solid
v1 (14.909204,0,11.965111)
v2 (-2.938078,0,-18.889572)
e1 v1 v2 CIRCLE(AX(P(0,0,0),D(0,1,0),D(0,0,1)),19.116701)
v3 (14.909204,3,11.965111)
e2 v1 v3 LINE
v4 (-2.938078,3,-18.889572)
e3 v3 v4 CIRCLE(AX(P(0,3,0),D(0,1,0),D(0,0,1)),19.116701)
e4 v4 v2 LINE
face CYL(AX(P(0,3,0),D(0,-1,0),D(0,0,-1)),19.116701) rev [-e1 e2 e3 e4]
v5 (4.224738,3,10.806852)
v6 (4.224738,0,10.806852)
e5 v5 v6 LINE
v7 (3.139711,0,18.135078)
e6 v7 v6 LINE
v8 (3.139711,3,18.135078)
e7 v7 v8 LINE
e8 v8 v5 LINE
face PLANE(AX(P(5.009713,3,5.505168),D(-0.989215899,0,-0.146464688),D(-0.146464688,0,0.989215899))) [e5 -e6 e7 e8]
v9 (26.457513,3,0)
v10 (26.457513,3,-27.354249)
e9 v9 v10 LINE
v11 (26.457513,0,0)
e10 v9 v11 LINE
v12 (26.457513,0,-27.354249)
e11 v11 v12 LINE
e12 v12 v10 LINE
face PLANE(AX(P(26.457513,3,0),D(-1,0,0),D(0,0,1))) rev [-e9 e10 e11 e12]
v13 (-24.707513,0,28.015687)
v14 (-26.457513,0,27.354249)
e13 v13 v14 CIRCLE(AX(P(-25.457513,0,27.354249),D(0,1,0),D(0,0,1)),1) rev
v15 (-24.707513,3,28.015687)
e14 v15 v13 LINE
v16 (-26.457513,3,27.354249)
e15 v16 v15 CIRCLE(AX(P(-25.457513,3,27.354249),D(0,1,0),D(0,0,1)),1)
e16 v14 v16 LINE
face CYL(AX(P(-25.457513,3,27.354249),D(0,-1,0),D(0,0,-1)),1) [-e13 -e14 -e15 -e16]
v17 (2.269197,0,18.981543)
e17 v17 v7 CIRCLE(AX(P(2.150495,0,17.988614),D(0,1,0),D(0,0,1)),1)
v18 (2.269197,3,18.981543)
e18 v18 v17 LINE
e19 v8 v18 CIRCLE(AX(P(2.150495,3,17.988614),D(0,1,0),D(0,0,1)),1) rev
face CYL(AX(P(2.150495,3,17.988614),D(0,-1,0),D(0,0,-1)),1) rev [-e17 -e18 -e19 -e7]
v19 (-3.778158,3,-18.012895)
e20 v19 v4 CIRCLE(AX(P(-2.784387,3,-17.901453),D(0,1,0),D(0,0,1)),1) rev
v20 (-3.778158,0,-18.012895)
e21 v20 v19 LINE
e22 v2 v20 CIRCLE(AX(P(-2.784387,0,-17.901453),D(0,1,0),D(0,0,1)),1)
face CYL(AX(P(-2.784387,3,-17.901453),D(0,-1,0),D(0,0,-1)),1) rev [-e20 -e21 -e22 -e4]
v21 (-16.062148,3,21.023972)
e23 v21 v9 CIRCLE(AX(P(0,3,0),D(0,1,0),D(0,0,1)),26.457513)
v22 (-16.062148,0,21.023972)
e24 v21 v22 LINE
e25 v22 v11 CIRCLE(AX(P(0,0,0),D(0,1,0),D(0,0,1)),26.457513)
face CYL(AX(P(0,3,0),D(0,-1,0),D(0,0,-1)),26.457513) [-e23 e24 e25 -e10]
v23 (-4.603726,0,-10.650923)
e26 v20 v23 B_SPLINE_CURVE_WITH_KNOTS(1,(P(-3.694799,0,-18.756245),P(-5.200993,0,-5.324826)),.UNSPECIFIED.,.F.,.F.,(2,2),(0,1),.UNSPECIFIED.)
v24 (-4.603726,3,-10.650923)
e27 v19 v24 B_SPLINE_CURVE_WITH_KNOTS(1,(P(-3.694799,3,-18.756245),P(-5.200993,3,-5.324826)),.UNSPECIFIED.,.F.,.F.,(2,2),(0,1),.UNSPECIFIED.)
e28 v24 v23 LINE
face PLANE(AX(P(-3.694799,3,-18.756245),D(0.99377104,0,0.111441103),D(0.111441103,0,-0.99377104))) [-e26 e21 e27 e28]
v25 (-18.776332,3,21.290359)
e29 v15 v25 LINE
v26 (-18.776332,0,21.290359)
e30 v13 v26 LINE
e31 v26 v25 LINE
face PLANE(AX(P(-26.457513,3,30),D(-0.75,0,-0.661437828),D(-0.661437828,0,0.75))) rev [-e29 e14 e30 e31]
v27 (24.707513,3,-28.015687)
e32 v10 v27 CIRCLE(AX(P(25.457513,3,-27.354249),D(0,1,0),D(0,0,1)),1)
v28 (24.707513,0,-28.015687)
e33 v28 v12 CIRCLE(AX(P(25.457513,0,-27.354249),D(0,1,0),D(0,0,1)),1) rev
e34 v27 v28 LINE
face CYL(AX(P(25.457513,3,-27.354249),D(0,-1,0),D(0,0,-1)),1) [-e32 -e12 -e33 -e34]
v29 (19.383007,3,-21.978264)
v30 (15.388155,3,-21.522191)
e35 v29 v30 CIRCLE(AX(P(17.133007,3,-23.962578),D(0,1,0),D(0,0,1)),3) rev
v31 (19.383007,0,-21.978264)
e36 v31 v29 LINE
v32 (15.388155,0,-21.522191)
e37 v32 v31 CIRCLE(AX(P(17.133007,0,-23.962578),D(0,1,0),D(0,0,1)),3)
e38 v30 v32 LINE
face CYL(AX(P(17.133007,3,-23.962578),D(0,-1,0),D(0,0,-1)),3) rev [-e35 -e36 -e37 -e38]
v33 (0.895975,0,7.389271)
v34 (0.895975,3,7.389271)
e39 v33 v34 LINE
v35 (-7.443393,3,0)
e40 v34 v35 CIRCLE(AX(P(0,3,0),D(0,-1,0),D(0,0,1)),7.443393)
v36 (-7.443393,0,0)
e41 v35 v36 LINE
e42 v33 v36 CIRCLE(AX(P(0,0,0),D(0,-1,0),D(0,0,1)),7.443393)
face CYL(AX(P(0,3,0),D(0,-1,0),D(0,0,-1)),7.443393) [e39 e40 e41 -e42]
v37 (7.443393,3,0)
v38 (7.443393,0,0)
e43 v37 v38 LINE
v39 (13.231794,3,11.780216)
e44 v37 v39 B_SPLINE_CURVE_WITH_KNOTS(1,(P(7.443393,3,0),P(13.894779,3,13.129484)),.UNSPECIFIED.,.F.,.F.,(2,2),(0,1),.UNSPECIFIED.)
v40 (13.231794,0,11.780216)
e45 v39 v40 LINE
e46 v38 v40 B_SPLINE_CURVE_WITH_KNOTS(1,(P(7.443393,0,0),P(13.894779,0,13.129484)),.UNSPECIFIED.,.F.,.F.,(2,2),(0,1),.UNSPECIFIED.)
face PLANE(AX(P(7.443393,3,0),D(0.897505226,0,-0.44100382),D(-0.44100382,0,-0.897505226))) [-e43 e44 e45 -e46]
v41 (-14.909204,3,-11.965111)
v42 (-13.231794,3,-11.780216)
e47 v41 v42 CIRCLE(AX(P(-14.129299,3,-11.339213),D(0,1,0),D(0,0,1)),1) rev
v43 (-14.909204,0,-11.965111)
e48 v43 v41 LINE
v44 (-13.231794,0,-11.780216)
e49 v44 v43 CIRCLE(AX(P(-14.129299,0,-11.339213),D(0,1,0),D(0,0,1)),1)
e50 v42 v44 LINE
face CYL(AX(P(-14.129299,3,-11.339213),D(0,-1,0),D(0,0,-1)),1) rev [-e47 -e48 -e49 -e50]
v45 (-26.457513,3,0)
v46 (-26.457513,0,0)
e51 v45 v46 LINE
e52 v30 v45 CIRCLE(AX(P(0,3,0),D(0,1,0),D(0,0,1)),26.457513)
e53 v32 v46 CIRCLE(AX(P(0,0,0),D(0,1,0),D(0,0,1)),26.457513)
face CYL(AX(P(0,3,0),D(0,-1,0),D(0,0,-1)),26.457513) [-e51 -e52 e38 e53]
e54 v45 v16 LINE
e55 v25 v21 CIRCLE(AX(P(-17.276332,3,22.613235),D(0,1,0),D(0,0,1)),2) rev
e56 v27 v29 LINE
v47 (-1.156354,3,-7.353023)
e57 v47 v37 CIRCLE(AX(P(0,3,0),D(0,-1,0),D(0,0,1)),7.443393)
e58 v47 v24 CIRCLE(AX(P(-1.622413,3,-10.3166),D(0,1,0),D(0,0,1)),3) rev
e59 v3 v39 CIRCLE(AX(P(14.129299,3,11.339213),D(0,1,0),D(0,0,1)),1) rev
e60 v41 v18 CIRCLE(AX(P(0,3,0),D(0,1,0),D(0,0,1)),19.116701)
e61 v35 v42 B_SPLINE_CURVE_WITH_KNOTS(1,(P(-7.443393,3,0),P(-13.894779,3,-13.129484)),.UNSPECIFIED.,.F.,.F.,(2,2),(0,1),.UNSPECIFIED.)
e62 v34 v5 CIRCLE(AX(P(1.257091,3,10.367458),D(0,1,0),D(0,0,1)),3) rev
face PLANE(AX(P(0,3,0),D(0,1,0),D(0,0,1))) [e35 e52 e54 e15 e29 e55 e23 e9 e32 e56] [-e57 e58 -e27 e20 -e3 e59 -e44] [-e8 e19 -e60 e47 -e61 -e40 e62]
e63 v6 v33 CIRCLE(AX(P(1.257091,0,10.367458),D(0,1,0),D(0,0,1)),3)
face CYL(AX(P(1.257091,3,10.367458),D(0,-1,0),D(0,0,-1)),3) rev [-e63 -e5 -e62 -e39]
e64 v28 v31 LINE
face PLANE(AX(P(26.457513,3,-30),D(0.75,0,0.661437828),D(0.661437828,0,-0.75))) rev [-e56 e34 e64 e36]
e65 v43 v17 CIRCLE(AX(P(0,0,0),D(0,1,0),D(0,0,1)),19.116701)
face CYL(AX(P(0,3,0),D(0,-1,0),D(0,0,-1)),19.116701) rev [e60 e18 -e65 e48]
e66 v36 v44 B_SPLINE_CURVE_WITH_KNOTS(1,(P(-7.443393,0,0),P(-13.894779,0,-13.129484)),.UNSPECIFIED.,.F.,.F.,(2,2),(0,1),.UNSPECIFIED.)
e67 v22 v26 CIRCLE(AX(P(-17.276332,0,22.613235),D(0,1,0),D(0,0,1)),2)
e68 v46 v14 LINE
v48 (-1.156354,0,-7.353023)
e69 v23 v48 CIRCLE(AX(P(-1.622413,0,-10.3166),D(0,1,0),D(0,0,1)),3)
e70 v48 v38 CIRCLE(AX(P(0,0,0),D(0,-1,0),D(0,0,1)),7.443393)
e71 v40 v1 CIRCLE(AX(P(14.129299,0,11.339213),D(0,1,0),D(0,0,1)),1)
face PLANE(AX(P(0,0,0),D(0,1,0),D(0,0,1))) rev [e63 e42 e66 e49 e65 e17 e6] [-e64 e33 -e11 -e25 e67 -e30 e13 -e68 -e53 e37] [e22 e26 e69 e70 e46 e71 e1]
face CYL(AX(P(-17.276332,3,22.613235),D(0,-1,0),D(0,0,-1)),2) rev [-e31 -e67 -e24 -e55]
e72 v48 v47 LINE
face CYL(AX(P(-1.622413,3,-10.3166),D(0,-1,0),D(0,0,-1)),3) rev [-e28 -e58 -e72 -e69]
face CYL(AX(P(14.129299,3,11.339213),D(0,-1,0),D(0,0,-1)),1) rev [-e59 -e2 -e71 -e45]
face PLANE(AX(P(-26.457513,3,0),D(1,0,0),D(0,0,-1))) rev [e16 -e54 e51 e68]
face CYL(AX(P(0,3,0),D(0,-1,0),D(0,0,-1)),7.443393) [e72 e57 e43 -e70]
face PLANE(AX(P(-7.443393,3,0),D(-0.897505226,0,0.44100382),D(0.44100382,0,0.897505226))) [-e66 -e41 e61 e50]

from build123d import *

# Parameters (mm, degrees)
RESSALTO_EXTRUS_O1_DEPTH = 3
FILETE2_R                = 1
FILETE3_R                = 1
FILETE4_R                = 3
FILETE5_R                = 1
FILETE6_R                = 2
FILETE8_R                = 3
FILETE9_R                = 1
FILETE10_R               = 1
FILETE11_R               = 1
FILETE12_R               = 3


with BuildPart() as part:
    # Esboço1 → Ressalto-extrusão1 (new body)
    with BuildSketch(Plane(origin=(0, 0, 0), x_dir=(1, 0, 0), z_dir=(0, 1, 0))):
        with BuildLine():
            Line((-26.457513111, 0), (-26.457513111, -30))
            Line((-26.457513111, -30), (-17.5, -19.843134833))
            ThreePointArc((-17.5, -19.843134833), (10.885621722, -24.114378278), (26.457513111, 0))
            Line((26.457513111, 0), (26.457513111, 30))
            Line((26.457513111, 30), (17.5, 19.843134833))
            ThreePointArc((17.5, 19.843134833), (-10.885621722, 24.114378278), (-26.457513111, 0))
        make_face()
        with BuildLine():
            Line((5.009713089, -5.505167823), (3.030153969, -18.87502089))
            ThreePointArc((3.030153969, -18.87502089), (-16.899174829, -8.936785595), (-13.894779058, 13.129484439))
            Line((-13.894779058, 13.129484439), (-7.443392908, 0))
            ThreePointArc((-7.443392908, 0), (-3.009554378, -6.80783963), (5.009713089, -5.505167823))
        make_face(mode=Mode.SUBTRACT)
        with BuildLine():
            ThreePointArc((13.894779058, -13.129484439), (16.738722413, 9.233819289), (-3.694798692, 18.756244542))
            Line((-3.694798692, 18.756244542), (-5.200992817, 5.324825979))
            ThreePointArc((-5.200992817, 5.324825979), (2.888863526, 6.8599246), (7.443392908, 0))
            Line((7.443392908, 0), (13.894779058, -13.129484439))
        make_face(mode=Mode.SUBTRACT)
    extrude(amount=RESSALTO_EXTRUS_O1_DEPTH)

    # Filete2
    filete2_edges = [part.edges().sort_by_distance(p)[0] for p in [
        (26.457513111, 1.5, -30),
    ]]
    fillet(filete2_edges, radius=FILETE2_R)

    # Filete3
    filete3_edges = [part.edges().sort_by_distance(p)[0] for p in [
        (-26.457513111, 1.5, 30),
    ]]
    fillet(filete3_edges, radius=FILETE3_R)

    # Filete4
    filete4_edges = [part.edges().sort_by_distance(p)[0] for p in [
        (-5.200992817, 1.5, -5.324825979),
    ]]
    fillet(filete4_edges, radius=FILETE4_R)

    # Filete5
    filete5_edges = [part.edges().sort_by_distance(p)[0] for p in [
        (-3.694798692, 1.5, -18.756244542),
    ]]
    fillet(filete5_edges, radius=FILETE5_R)

    # Filete6
    filete6_edges = [part.edges().sort_by_distance(p)[0] for p in [
        (-17.5, 1.5, 19.843134833),
    ]]
    fillet(filete6_edges, radius=FILETE6_R)

    # Filete8
    filete8_edges = [part.edges().sort_by_distance(p)[0] for p in [
        (5.009713089, 1.5, 5.505167823),
    ]]
    fillet(filete8_edges, radius=FILETE8_R)

    # Filete9
    filete9_edges = [part.edges().sort_by_distance(p)[0] for p in [
        (3.030153969, 1.5, 18.87502089),
    ]]
    fillet(filete9_edges, radius=FILETE9_R)

    # Filete10
    filete10_edges = [part.edges().sort_by_distance(p)[0] for p in [
        (13.894779058, 1.5, 13.129484439),
    ]]
    fillet(filete10_edges, radius=FILETE10_R)

    # Filete11
    filete11_edges = [part.edges().sort_by_distance(p)[0] for p in [
        (-13.894779058, 1.5, -13.129484439),
    ]]
    fillet(filete11_edges, radius=FILETE11_R)

    # Filete12
    filete12_edges = [part.edges().sort_by_distance(p)[0] for p in [
        (17.5, 1.5, -19.843134833),
    ]]
    fillet(filete12_edges, radius=FILETE12_R)


solid = part.part
